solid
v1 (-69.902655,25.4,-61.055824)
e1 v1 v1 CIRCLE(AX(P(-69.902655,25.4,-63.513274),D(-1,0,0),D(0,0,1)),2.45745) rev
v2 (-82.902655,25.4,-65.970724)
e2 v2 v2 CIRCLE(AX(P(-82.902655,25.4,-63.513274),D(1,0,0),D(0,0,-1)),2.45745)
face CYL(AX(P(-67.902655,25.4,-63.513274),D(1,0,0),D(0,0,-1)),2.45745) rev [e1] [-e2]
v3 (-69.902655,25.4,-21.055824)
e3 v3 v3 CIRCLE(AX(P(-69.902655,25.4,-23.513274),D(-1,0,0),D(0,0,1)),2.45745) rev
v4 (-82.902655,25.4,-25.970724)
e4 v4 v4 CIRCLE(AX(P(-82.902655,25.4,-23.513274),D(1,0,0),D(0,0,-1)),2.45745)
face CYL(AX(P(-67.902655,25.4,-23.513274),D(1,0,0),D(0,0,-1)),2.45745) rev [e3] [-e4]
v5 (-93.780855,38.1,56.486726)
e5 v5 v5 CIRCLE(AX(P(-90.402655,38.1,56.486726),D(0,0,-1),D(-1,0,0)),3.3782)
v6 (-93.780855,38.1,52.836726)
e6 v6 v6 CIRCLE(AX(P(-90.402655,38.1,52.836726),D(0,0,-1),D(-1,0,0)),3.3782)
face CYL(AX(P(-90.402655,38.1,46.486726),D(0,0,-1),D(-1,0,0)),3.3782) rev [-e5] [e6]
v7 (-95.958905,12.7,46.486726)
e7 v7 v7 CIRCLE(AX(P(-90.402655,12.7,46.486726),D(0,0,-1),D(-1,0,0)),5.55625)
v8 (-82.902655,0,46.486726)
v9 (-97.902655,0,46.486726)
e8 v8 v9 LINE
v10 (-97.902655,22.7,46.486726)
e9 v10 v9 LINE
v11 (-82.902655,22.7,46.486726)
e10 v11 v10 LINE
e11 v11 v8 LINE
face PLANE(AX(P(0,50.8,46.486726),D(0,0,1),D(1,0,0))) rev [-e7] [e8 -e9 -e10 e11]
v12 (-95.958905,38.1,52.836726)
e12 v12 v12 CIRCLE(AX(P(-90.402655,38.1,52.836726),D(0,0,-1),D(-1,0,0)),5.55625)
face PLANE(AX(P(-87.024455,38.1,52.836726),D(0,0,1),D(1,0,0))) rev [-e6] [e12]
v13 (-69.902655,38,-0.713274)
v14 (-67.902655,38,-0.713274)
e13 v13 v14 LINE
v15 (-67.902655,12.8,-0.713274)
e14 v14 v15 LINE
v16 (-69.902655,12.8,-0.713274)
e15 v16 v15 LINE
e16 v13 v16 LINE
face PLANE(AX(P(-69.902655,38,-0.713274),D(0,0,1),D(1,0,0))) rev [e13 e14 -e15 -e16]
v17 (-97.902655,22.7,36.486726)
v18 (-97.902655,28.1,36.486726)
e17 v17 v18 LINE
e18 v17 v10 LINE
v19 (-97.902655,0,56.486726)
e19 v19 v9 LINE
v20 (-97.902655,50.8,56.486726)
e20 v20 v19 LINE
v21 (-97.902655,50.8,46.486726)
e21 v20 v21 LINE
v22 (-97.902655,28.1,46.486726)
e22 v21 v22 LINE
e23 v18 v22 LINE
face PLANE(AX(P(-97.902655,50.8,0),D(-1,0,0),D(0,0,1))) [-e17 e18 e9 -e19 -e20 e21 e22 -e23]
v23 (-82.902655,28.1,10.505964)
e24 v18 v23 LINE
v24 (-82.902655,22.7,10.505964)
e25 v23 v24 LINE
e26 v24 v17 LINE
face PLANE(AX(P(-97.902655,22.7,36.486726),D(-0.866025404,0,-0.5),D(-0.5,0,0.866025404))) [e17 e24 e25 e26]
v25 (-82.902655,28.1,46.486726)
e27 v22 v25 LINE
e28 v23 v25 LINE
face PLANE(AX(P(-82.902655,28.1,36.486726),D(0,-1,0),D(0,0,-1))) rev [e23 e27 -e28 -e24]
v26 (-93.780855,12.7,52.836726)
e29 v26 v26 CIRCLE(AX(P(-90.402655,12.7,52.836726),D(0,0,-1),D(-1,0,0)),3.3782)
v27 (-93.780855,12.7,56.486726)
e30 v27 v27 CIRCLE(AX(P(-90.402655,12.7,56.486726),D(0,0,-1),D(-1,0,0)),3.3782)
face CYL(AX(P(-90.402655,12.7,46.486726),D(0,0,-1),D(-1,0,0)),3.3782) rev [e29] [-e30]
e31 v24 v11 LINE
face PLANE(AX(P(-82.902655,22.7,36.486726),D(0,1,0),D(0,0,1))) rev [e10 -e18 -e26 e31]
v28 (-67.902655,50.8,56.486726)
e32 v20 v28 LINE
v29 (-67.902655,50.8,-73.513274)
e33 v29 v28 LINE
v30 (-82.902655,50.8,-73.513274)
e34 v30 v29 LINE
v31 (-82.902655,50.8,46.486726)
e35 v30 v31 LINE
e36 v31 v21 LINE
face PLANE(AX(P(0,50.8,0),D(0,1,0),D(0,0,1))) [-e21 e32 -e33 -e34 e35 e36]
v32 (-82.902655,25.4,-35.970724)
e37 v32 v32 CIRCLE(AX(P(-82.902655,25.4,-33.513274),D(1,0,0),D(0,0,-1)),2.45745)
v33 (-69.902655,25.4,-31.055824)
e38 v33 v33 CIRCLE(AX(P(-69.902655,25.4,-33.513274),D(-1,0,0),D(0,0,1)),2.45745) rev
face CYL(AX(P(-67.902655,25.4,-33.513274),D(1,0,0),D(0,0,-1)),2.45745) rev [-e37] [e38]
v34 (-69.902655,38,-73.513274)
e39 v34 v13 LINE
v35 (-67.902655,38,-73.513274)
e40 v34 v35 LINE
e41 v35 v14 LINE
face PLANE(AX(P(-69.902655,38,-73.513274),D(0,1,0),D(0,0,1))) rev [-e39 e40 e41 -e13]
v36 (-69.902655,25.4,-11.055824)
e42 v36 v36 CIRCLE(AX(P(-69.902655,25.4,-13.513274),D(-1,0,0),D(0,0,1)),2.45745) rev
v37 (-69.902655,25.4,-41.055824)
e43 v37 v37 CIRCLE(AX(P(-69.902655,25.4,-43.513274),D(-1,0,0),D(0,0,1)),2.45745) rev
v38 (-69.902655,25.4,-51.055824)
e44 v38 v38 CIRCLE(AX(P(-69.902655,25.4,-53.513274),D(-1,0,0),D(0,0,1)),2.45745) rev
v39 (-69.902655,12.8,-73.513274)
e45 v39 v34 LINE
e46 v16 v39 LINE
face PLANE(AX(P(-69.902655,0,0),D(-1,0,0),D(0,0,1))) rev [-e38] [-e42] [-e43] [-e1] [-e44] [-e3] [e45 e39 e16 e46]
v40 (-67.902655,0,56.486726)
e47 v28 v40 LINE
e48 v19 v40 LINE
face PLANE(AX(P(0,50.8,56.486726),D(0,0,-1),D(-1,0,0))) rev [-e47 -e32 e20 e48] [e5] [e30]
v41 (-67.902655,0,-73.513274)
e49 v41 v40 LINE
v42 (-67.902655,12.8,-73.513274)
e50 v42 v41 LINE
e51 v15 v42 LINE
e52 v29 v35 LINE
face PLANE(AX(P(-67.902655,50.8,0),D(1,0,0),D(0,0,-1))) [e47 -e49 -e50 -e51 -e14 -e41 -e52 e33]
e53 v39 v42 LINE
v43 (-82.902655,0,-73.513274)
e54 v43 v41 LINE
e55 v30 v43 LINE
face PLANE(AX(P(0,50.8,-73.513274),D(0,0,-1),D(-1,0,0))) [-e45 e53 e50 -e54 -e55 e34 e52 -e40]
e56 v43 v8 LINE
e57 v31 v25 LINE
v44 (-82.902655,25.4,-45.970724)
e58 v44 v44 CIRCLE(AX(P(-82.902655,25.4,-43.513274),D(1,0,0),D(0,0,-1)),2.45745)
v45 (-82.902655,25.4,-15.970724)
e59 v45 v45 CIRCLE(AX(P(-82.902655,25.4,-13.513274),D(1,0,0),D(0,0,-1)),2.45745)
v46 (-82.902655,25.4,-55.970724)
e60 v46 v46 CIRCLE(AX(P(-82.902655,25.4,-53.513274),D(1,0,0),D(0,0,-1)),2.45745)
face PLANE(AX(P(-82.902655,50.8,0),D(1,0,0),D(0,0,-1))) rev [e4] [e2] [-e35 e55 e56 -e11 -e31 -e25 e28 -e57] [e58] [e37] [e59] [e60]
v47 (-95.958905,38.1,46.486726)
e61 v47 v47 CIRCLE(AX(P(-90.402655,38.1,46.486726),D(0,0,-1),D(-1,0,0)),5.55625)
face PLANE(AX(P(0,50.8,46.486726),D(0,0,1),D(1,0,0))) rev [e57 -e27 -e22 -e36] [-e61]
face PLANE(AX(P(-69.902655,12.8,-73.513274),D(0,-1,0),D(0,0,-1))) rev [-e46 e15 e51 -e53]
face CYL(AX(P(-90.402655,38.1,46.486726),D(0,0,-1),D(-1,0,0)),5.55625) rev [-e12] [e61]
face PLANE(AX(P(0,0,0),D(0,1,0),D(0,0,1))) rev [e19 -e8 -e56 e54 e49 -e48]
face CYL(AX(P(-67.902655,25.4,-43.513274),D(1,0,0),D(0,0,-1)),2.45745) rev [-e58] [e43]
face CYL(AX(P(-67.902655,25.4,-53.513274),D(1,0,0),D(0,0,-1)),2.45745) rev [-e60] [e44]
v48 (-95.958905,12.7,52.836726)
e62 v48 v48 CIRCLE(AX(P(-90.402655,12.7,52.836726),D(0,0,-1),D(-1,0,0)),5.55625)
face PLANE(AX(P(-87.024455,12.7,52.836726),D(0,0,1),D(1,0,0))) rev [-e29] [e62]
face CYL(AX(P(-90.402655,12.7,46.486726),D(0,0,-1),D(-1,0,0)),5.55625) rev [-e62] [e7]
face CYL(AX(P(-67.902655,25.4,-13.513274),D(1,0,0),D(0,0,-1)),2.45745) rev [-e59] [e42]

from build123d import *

# Parameters (mm, degrees)
SKETCH1_W                                        = 15
SKETCH1_H                                        = 130
SKETCH1_H_2                                      = 10
BOSS_EXTRUDE1_DEPTH                              = 50.8
CBORE_FOR_1_4_SOCKET_HEAD_CAP_SCREW1_D           = 6.7564
CBORE_FOR_1_4_SOCKET_HEAD_CAP_SCREW1_CBORE_D     = 11.1125
CBORE_FOR_1_4_SOCKET_HEAD_CAP_SCREW1_CBORE_DEPTH = 6.35
F_8_CLEARANCE_HOLE2_D                            = 4.9149
LPATTERN1_COUNT                                  = 3
LPATTERN1_PITCH                                  = 20
SKETCH10_W                                       = 72.8
SKETCH10_H                                       = 25.2
CUT_EXTRUDE1_DEPTH                               = 2
SKETCH13_W                                       = 15
SKETCH13_H                                       = 5.4
BOSS_EXTRUDE2_DEPTH                              = 10
DRAFT1_ANGLE                                     = 60


with BuildPart() as part:
    # Sketch1 → Boss-Extrude1 (new body)
    with BuildSketch(Plane(origin=(0, 0, 0), x_dir=(1, 0, 0), z_dir=(0, 1, 0))):
        with Locations((-75.402654867, 8.513274336)):
            Rectangle(SKETCH1_W, SKETCH1_H)
        with Locations((-90.402654867, -51.486725664)):
            Rectangle(SKETCH1_W, SKETCH1_H_2)
    extrude(amount=BOSS_EXTRUDE1_DEPTH)

    # CBORE for 1/4 Socket Head Cap Screw1 (through all)
    with Locations(Plane(origin=(0, 0, 46.486725664), x_dir=(-1, 0, 0), z_dir=(0, 0, -1))):
        with Locations((90.402654867, 12.7), (90.402654867, 38.1)):
            CounterBoreHole(CBORE_FOR_1_4_SOCKET_HEAD_CAP_SCREW1_D / 2, CBORE_FOR_1_4_SOCKET_HEAD_CAP_SCREW1_CBORE_D / 2, CBORE_FOR_1_4_SOCKET_HEAD_CAP_SCREW1_CBORE_DEPTH)

    # #8 Clearance Hole2 (through all)
    with Locations(Plane(origin=(-67.902654867, 0, 0), x_dir=(0, 0, -1), z_dir=(1, 0, 0))):
        with Locations((63.513274336, 25.4), (53.513274336, 25.4)):
            f_8_clearance_hole2 = Hole(F_8_CLEARANCE_HOLE2_D / 2)

    # LPattern1: #8 Clearance Hole2 ×3
    with Locations(*[(0, 0, i * LPATTERN1_PITCH) for i in range(1, LPATTERN1_COUNT)]):
        add(f_8_clearance_hole2, mode=Mode.SUBTRACT)

    # Sketch10 → Cut-Extrude1 (cut)
    with BuildSketch(Plane(origin=(-67.902654867, 0, 0), x_dir=(0, 0, -1), z_dir=(1, 0, 0))):
        with Locations((37.113274336, 25.4)):
            Rectangle(SKETCH10_W, SKETCH10_H)
    extrude(amount=-CUT_EXTRUDE1_DEPTH, mode=Mode.SUBTRACT)

    # Sketch13 → Boss-Extrude2 (add)
    with BuildSketch(Plane(origin=(0, 0, 46.486725664), x_dir=(-1, 0, 0), z_dir=(0, 0, -1))):
        with Locations((90.402654867, 25.4)):
            Rectangle(SKETCH13_W, SKETCH13_H)
    extrude(amount=BOSS_EXTRUDE2_DEPTH)

    # Draft1
    draft1_faces = [part.faces().sort_by_distance(p)[0] for p in [
        (-90.402654867, 25.4, 36.486725664),
    ]]
    draft(draft1_faces, Plane(origin=(-97.902654867, 50.8, 0), x_dir=(0, 0, -1), z_dir=(-1, 0, 0)), DRAFT1_ANGLE)


solid = part.part
